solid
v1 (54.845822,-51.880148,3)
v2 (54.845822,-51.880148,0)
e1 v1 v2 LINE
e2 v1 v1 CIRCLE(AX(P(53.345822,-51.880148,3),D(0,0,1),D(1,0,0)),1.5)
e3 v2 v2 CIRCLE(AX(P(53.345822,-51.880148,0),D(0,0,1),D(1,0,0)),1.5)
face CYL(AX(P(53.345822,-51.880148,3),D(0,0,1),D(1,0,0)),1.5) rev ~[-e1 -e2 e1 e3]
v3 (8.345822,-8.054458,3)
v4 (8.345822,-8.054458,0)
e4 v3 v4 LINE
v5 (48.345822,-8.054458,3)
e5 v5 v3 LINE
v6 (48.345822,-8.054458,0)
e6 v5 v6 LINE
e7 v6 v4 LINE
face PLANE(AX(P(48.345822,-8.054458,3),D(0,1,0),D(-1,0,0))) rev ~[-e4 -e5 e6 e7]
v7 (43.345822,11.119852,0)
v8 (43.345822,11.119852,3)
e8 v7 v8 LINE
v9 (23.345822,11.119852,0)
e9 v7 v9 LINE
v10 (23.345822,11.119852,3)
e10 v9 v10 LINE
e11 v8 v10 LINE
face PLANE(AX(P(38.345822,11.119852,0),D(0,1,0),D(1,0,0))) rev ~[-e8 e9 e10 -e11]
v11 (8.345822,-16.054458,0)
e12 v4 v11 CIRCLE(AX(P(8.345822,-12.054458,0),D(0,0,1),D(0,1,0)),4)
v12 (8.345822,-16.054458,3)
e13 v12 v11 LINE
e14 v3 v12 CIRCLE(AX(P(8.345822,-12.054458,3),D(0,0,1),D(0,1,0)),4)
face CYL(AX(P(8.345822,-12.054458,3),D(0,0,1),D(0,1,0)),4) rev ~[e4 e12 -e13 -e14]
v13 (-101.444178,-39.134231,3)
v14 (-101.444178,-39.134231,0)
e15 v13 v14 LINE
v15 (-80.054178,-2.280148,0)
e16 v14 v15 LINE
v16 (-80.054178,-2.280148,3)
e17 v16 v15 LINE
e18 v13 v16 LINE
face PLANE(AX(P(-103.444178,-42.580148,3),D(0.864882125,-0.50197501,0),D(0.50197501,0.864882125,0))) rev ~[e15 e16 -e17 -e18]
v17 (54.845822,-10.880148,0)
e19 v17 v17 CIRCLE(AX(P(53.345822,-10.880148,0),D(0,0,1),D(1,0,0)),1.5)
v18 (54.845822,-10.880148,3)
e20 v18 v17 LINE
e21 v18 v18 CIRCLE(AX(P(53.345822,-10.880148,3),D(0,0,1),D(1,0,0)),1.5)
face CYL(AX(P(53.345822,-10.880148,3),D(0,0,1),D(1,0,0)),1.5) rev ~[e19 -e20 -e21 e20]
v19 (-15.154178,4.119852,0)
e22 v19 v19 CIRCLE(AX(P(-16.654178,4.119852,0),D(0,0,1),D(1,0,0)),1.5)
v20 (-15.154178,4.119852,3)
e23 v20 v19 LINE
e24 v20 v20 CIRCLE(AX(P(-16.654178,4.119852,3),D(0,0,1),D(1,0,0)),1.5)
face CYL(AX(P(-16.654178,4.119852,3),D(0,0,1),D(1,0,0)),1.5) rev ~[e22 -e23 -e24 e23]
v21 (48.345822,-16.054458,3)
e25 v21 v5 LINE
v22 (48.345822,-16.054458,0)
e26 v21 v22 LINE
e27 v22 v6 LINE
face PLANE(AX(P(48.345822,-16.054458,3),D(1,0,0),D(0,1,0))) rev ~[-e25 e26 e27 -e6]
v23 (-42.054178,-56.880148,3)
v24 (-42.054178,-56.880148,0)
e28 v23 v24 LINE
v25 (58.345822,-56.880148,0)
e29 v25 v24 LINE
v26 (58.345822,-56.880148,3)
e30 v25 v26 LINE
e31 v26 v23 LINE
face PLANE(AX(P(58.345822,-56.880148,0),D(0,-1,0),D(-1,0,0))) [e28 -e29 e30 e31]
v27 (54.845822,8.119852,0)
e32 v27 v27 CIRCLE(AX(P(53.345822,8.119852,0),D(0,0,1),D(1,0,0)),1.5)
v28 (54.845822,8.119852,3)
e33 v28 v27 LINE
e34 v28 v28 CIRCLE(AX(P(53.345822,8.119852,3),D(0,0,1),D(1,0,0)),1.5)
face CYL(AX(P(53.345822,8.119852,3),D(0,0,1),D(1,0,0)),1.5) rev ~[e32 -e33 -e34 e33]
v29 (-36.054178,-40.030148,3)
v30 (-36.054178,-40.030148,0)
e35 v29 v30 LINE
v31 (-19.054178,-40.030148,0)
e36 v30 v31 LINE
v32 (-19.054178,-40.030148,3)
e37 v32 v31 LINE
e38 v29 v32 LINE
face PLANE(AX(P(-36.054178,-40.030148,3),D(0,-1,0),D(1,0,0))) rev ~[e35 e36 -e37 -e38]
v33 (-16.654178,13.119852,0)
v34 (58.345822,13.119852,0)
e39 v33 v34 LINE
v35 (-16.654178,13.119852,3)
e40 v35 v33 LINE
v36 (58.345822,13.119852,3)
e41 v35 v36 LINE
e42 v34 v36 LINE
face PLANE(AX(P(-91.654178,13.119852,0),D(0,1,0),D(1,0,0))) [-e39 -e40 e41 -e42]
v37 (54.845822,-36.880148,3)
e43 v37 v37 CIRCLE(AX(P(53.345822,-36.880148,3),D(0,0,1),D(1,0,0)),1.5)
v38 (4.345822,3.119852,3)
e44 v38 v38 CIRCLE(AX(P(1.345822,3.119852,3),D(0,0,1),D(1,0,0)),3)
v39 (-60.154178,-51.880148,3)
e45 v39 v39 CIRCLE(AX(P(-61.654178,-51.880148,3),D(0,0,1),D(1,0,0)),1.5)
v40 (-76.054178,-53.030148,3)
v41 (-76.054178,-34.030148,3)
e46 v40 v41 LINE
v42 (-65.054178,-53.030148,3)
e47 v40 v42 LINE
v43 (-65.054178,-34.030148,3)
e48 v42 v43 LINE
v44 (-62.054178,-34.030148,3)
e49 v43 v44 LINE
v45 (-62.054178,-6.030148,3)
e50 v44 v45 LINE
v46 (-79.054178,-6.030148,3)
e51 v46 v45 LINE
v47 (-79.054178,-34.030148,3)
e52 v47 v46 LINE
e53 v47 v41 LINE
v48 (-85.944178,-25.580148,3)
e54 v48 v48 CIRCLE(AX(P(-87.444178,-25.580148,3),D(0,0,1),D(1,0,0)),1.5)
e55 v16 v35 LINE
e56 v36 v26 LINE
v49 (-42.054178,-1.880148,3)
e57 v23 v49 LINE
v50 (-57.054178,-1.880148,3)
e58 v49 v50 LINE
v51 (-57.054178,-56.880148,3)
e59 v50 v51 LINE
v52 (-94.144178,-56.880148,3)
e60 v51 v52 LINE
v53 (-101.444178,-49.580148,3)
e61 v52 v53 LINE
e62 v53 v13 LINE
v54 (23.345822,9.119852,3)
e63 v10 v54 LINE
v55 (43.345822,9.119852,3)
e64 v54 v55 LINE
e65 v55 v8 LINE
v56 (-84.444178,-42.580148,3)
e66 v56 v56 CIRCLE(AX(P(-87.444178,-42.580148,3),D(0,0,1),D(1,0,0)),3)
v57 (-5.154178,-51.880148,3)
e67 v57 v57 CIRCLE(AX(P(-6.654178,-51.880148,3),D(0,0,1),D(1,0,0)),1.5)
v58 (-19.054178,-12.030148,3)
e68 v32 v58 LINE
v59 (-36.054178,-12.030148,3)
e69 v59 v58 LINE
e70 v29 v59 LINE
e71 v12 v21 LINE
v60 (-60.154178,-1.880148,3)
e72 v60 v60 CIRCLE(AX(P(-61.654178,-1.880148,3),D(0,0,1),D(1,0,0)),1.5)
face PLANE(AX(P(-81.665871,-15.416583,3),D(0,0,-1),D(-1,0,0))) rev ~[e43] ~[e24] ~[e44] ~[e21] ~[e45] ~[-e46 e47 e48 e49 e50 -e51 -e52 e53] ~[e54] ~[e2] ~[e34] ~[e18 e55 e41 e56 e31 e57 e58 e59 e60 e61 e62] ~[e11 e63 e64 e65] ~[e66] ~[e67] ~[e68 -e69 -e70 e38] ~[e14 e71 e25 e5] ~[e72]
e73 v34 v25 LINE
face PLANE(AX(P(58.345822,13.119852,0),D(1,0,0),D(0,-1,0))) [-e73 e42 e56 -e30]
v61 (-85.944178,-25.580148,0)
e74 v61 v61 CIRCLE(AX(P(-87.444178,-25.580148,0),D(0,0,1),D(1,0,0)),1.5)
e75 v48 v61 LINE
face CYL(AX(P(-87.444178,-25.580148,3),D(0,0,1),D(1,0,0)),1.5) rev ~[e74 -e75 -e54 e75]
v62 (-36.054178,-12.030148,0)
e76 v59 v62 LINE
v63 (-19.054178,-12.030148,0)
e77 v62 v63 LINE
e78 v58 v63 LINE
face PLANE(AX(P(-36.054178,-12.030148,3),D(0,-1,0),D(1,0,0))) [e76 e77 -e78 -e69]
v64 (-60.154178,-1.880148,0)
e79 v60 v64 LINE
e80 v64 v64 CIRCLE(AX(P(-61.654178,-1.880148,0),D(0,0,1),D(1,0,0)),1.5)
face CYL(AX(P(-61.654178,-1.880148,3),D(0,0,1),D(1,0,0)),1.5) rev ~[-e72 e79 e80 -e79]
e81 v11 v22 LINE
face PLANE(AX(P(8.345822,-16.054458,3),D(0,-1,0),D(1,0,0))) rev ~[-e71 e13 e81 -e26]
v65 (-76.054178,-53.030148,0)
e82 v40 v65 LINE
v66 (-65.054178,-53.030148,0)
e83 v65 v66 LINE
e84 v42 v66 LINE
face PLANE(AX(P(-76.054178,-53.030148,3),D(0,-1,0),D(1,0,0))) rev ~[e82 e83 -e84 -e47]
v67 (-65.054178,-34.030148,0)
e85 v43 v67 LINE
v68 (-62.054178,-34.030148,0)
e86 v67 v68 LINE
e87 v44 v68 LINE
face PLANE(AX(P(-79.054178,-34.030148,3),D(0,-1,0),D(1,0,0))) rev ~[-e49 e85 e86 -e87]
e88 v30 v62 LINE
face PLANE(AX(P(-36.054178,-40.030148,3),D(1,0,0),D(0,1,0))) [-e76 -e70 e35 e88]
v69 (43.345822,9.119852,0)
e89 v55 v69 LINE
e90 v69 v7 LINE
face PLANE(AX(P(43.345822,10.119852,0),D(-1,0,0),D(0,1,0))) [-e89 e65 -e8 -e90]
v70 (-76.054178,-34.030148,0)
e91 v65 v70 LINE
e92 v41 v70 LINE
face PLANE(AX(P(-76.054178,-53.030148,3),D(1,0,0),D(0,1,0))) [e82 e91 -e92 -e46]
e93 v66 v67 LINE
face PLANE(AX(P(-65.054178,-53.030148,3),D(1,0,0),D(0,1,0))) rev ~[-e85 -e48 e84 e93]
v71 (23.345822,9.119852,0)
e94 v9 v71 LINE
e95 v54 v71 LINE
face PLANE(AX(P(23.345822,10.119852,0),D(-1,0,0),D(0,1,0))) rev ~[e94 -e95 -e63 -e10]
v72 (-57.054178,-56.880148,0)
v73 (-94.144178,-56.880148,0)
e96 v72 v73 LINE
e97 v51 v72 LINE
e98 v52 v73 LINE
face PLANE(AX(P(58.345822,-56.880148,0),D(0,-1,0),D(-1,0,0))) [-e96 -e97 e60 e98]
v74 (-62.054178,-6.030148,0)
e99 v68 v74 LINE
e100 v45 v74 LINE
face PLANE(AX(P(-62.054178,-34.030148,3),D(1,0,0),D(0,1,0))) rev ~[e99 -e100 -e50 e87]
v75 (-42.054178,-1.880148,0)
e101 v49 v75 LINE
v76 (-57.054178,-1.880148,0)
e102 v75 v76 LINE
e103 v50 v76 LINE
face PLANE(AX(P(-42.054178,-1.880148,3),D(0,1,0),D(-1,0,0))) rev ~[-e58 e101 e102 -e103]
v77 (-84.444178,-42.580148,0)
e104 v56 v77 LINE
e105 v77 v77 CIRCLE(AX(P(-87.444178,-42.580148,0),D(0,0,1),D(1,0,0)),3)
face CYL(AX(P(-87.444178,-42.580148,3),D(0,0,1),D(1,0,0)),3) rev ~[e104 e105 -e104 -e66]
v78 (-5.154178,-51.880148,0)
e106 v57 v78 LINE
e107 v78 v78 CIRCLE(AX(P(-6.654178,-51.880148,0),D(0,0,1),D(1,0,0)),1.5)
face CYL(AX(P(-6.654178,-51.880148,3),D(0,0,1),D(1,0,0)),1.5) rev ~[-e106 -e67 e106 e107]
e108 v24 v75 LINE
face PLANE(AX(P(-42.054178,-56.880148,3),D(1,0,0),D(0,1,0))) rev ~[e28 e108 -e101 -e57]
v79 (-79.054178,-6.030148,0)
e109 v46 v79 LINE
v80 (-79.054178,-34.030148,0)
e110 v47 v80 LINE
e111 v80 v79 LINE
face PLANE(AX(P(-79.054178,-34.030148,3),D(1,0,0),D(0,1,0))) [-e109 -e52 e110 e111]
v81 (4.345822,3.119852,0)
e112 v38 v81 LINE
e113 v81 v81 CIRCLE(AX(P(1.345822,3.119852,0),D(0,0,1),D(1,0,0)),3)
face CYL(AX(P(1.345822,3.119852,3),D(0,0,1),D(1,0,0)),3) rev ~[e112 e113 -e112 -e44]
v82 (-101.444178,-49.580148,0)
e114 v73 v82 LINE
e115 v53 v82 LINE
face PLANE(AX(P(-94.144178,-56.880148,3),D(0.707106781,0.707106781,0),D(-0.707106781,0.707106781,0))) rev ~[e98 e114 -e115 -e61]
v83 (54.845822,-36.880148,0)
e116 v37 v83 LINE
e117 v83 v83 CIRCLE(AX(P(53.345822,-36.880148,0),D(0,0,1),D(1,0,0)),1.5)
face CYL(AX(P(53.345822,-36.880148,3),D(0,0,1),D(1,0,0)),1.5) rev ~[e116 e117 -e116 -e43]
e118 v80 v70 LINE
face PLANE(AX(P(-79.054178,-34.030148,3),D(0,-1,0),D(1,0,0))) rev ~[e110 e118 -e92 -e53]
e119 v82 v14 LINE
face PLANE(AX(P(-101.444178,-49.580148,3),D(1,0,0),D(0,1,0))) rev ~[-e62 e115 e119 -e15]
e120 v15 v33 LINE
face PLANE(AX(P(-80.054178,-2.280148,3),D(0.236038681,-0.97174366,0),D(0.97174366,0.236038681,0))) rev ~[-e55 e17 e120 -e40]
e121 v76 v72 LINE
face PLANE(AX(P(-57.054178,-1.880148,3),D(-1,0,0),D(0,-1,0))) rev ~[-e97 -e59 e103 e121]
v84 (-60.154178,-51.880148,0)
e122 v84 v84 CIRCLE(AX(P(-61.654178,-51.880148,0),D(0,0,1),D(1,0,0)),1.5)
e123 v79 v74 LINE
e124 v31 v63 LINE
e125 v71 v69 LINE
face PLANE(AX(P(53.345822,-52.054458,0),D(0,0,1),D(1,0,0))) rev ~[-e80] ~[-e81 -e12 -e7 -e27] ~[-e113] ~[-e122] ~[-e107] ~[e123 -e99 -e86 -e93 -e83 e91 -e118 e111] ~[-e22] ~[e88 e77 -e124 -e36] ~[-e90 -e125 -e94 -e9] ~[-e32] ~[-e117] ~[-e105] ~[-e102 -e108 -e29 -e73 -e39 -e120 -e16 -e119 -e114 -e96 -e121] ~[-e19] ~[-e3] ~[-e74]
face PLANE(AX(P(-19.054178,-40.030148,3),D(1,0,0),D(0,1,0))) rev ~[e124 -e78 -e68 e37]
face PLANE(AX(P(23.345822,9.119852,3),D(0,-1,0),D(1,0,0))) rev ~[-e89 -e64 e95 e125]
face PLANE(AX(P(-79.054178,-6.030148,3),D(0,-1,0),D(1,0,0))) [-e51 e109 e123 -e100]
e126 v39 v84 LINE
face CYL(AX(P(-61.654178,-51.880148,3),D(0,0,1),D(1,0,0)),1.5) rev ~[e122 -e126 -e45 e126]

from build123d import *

# Parameters (mm, degrees)
SKETCH1_R           = 1.25
SKETCH1_R_2         = 0.75
SKETCH1_W           = 60
SKETCH1_H           = 20
SKETCH1_W_2         = 5
SKETCH1_H_2         = 1
BOSS_EXTRUDE2_DEPTH = 3
SKETCH3_R           = 1.25
CUT_EXTRUDE2_DEPTH  = 3
BOSS_EXTRUDE4_START = -3
SKETCH15_R          = 0.75
BOSS_EXTRUDE4_DEPTH = 3
SKETCH23_R          = 0.75
CUT_EXTRUDE21_DEPTH = 10
SKETCH24_R          = 0.75
CUT_EXTRUDE22_DEPTH = 10
CUT_EXTRUDE23_DEPTH = 10
SKETCH28_W          = 17
SKETCH28_H          = 28
CUT_EXTRUDE25_DEPTH = 3
SKETCH30_R          = 3
CUT_EXTRUDE26_DEPTH = 3
CUT_EXTRUDE28_DEPTH = 3
SKETCH32_R          = 3
CUT_EXTRUDE29_DEPTH = 3
SKETCH33_W          = 10
SKETCH33_H          = 1
CUT_EXTRUDE30_DEPTH = 3
CUT_EXTRUDE32_DEPTH = 3
SKETCH36_R          = 1.5
CUT_EXTRUDE33_DEPTH = 3
SKETCH37_R          = 1.5
CUT_EXTRUDE34_DEPTH = 3
CUT_EXTRUDE36_DEPTH = 3
BOSS_EXTRUDE5_START = -3
SKETCH40_R          = 1.25
BOSS_EXTRUDE5_DEPTH = 3
BOSS_EXTRUDE6_START = -3
SKETCH41_R          = 1.25
BOSS_EXTRUDE6_DEPTH = 3
SKETCH42_R          = 1.5
CUT_EXTRUDE37_DEPTH = 3
SKETCH43_R          = 1.5
CUT_EXTRUDE38_DEPTH = 3
SKETCH44_R          = 1.5
CUT_EXTRUDE39_DEPTH = 3
SKETCH45_R          = 1.5
CUT_EXTRUDE40_DEPTH = 3
SKETCH46_R          = 1.5
CUT_EXTRUDE41_DEPTH = 3
SKETCH47_W          = 20
SKETCH47_H          = 1
CUT_EXTRUDE42_DEPTH = 3
SKETCH48_W          = 11
SKETCH48_H          = 19
CUT_EXTRUDE44_DEPTH = 10


with BuildPart() as part:
    # Sketch1 → Boss-Extrude2 (new body)
    with BuildSketch(Plane.XY):
        Polygon((58.345821786, 13.119852123), (58.345821786, -56.880147877), (-191.654178214, -56.880147877), (-191.654178214, -26.880147877), (-221.654178214, -6.880147877), (-221.654178214, 33.119852123), (-121.654178214, 33.119852123), (-91.654178214, 13.119852123), align=None)
        with Locations((53.345821786, 7.945541925)):
            Circle(SKETCH1_R, mode=Mode.SUBTRACT)
        with Locations((53.345821786, -52.054458075)):
            Circle(SKETCH1_R, mode=Mode.SUBTRACT)
        with Locations((25.505821786, -18.330147877)):
            Circle(SKETCH1_R_2, mode=Mode.SUBTRACT)
        with Locations((-181.654178214, 13.119852123)):
            Rectangle(SKETCH1_W, SKETCH1_H, mode=Mode.SUBTRACT)
        with Locations((25.845821786, 10.619852123)):
            Rectangle(SKETCH1_W_2, SKETCH1_H_2, mode=Mode.SUBTRACT)
        with Locations((40.845821786, 10.619852123)):
            Rectangle(SKETCH1_W_2, SKETCH1_H_2, mode=Mode.SUBTRACT)
    extrude(amount=BOSS_EXTRUDE2_DEPTH)

    # Sketch3 → Cut-Extrude2 (cut)
    with BuildSketch(Plane.XY.offset(3)):
        with Locations((1.345821786, 3.119852123)):
            Circle(SKETCH3_R)
    extrude(amount=-CUT_EXTRUDE2_DEPTH, mode=Mode.SUBTRACT)

    # Sketch15 → Boss-Extrude4 (add)
    with BuildSketch(Plane.XY.offset(3).offset(BOSS_EXTRUDE4_START)):
        with Locations((25.505821786, -18.330147877)):
            Circle(SKETCH15_R)
    extrude(amount=BOSS_EXTRUDE4_DEPTH)

    # Sketch23 → Cut-Extrude21 (cut)
    with BuildSketch(Plane.XY.offset(3)):
        with Locations((-93.524701832, -7.521447448)):
            Circle(SKETCH23_R)
    extrude(amount=-CUT_EXTRUDE21_DEPTH, mode=Mode.SUBTRACT)

    # Sketch24 → Cut-Extrude22 (cut)
    with BuildSketch(Plane.XY.offset(3)):
        with Locations((-107.363654596, -9.638848305)):
            Circle(SKETCH24_R)
    extrude(amount=-CUT_EXTRUDE22_DEPTH, mode=Mode.SUBTRACT)

    # Sketch26 → Cut-Extrude23 (cut)
    with BuildSketch(Plane.XY.offset(3)):
        Polygon((-103.444178214, -47.580147877), (-103.444178214, -42.580147877), (-80.054178214, -2.280147877), (-16.654178214, 13.119852123), (-91.654178214, 13.119852123), (-121.654178214, 33.119852123), (-221.654178214, 33.119852123), (-221.654178214, -6.880147877), (-191.654178214, -26.880147877), (-191.654178214, -56.880147877), (-94.144178214, -56.880147877), align=None)
    extrude(amount=-CUT_EXTRUDE23_DEPTH, mode=Mode.SUBTRACT)

    # Sketch28 → Cut-Extrude25 (cut)
    with BuildSketch(Plane.XY.offset(3)):
        with Locations((-27.554178214, -26.030147877)):
            Rectangle(SKETCH28_W, SKETCH28_H)
        with Locations((-70.554178214, -20.030147877)):
            Rectangle(SKETCH28_W, SKETCH28_H)
    extrude(amount=-CUT_EXTRUDE25_DEPTH, mode=Mode.SUBTRACT)

    # Sketch30 → Cut-Extrude26 (cut)
    with BuildSketch(Plane.XY.offset(3)):
        with Locations((-87.444178214, -42.580147877)):
            Circle(SKETCH30_R)
    extrude(amount=-CUT_EXTRUDE26_DEPTH, mode=Mode.SUBTRACT)

    # Sketch31 → Cut-Extrude28 (cut)
    with BuildSketch(Plane.XY.offset(3)):
        with BuildLine():
            Line((48.345821786, -11.054458075), (48.345821786, -8.054458075))
            Line((48.345821786, -8.054458075), (8.345821786, -8.054458075))
            ThreePointArc((8.345821786, -8.054458075), (4.345821786, -12.054458075), (8.345821786, -16.054458075))
            Line((8.345821786, -16.054458075), (48.345821786, -16.054458075))
            Line((48.345821786, -16.054458075), (48.345821786, -11.054458075))
        make_face()
    extrude(amount=-CUT_EXTRUDE28_DEPTH, mode=Mode.SUBTRACT)

    # Sketch32 → Cut-Extrude29 (cut)
    with BuildSketch(Plane.XY.offset(3)):
        with Locations((1.345821786, 3.119852123)):
            Circle(SKETCH32_R)
    extrude(amount=-CUT_EXTRUDE29_DEPTH, mode=Mode.SUBTRACT)

    # Sketch33 → Cut-Extrude30 (cut)
    with BuildSketch(Plane.XY.offset(3)):
        with Locations((33.345821786, 10.619852123)):
            Rectangle(SKETCH33_W, SKETCH33_H)
    extrude(amount=-CUT_EXTRUDE30_DEPTH, mode=Mode.SUBTRACT)

    # Sketch35 → Cut-Extrude32 (cut)
    with BuildSketch(Plane.XY.offset(3)):
        Polygon((-101.444178214, -45.080147877), (-101.444178214, -39.134230818), (-103.444178214, -42.580147877), (-103.444178214, -47.580147877), (-101.444178214, -49.580147877), align=None)
    extrude(amount=-CUT_EXTRUDE32_DEPTH, mode=Mode.SUBTRACT)

    # Sketch36 → Cut-Extrude33 (cut)
    with BuildSketch(Plane.XY.offset(3)):
        with Locations((-61.654178214, -1.880147877)):
            Circle(SKETCH36_R)
    extrude(amount=-CUT_EXTRUDE33_DEPTH, mode=Mode.SUBTRACT)

    # Sketch37 → Cut-Extrude34 (cut)
    with BuildSketch(Plane.XY.offset(3)):
        with Locations((-87.444178214, -25.580147877)):
            Circle(SKETCH37_R)
    extrude(amount=-CUT_EXTRUDE34_DEPTH, mode=Mode.SUBTRACT)

    # Sketch39 → Cut-Extrude36 (cut)
    with BuildSketch(Plane.XY.offset(3)):
        Polygon((-57.054178214, -20.030147877), (-57.054178214, -56.880147877), (-42.054178214, -56.880147877), (-42.054178214, -1.880147877), (-57.054178214, -1.880147877), align=None)
    extrude(amount=-CUT_EXTRUDE36_DEPTH, mode=Mode.SUBTRACT)

    # Sketch40 → Boss-Extrude5 (add)
    with BuildSketch(Plane.XY.offset(3).offset(BOSS_EXTRUDE5_START)):
        with Locations((53.345821786, 7.945541925)):
            Circle(SKETCH40_R)
    extrude(amount=BOSS_EXTRUDE5_DEPTH)

    # Sketch41 → Boss-Extrude6 (add)
    with BuildSketch(Plane.XY.offset(3).offset(BOSS_EXTRUDE6_START)):
        with Locations((53.345821786, -52.054458075)):
            Circle(SKETCH41_R)
    extrude(amount=BOSS_EXTRUDE6_DEPTH)

    # Sketch42 → Cut-Extrude37 (cut)
    with BuildSketch(Plane.XY.offset(3)):
        with Locations((53.345821786, -51.880147877)):
            Circle(SKETCH42_R)
    extrude(amount=-CUT_EXTRUDE37_DEPTH, mode=Mode.SUBTRACT)

    # Sketch43 → Cut-Extrude38 (cut)
    with BuildSketch(Plane.XY.offset(3)):
        with Locations((-6.654178214, -51.880147877)):
            Circle(SKETCH43_R)
    extrude(amount=-CUT_EXTRUDE38_DEPTH, mode=Mode.SUBTRACT)

    # Sketch44 → Cut-Extrude39 (cut)
    with BuildSketch(Plane.XY.offset(3)):
        with Locations((-61.654178214, -51.880147877)):
            Circle(SKETCH44_R)
    extrude(amount=-CUT_EXTRUDE39_DEPTH, mode=Mode.SUBTRACT)

    # Sketch45 → Cut-Extrude40 (cut)
    with BuildSketch(Plane.XY.offset(3)):
        with Locations((53.345821786, 8.119852123)):
            Circle(SKETCH45_R)
        with Locations((53.345821786, -10.880147877)):
            Circle(SKETCH45_R)
        with Locations((53.345821786, -36.880147877)):
            Circle(SKETCH45_R)
    extrude(amount=-CUT_EXTRUDE40_DEPTH, mode=Mode.SUBTRACT)

    # Sketch46 → Cut-Extrude41 (cut)
    with BuildSketch(Plane.XY.offset(3)):
        with Locations((-16.654178214, 4.119852123)):
            Circle(SKETCH46_R)
    extrude(amount=-CUT_EXTRUDE41_DEPTH, mode=Mode.SUBTRACT)

    # Sketch47 → Cut-Extrude42 (cut)
    with BuildSketch(Plane.XY.offset(3)):
        with Locations((33.345821786, 9.619852123)):
            Rectangle(SKETCH47_W, SKETCH47_H)
    extrude(amount=-CUT_EXTRUDE42_DEPTH, mode=Mode.SUBTRACT)

    # Sketch48 → Cut-Extrude44 (cut)
    with BuildSketch(Plane.XY.offset(3)):
        with Locations((-70.554178214, -43.530147877)):
            Rectangle(SKETCH48_W, SKETCH48_H)
    extrude(amount=-CUT_EXTRUDE44_DEPTH, mode=Mode.SUBTRACT)


solid = part.part
